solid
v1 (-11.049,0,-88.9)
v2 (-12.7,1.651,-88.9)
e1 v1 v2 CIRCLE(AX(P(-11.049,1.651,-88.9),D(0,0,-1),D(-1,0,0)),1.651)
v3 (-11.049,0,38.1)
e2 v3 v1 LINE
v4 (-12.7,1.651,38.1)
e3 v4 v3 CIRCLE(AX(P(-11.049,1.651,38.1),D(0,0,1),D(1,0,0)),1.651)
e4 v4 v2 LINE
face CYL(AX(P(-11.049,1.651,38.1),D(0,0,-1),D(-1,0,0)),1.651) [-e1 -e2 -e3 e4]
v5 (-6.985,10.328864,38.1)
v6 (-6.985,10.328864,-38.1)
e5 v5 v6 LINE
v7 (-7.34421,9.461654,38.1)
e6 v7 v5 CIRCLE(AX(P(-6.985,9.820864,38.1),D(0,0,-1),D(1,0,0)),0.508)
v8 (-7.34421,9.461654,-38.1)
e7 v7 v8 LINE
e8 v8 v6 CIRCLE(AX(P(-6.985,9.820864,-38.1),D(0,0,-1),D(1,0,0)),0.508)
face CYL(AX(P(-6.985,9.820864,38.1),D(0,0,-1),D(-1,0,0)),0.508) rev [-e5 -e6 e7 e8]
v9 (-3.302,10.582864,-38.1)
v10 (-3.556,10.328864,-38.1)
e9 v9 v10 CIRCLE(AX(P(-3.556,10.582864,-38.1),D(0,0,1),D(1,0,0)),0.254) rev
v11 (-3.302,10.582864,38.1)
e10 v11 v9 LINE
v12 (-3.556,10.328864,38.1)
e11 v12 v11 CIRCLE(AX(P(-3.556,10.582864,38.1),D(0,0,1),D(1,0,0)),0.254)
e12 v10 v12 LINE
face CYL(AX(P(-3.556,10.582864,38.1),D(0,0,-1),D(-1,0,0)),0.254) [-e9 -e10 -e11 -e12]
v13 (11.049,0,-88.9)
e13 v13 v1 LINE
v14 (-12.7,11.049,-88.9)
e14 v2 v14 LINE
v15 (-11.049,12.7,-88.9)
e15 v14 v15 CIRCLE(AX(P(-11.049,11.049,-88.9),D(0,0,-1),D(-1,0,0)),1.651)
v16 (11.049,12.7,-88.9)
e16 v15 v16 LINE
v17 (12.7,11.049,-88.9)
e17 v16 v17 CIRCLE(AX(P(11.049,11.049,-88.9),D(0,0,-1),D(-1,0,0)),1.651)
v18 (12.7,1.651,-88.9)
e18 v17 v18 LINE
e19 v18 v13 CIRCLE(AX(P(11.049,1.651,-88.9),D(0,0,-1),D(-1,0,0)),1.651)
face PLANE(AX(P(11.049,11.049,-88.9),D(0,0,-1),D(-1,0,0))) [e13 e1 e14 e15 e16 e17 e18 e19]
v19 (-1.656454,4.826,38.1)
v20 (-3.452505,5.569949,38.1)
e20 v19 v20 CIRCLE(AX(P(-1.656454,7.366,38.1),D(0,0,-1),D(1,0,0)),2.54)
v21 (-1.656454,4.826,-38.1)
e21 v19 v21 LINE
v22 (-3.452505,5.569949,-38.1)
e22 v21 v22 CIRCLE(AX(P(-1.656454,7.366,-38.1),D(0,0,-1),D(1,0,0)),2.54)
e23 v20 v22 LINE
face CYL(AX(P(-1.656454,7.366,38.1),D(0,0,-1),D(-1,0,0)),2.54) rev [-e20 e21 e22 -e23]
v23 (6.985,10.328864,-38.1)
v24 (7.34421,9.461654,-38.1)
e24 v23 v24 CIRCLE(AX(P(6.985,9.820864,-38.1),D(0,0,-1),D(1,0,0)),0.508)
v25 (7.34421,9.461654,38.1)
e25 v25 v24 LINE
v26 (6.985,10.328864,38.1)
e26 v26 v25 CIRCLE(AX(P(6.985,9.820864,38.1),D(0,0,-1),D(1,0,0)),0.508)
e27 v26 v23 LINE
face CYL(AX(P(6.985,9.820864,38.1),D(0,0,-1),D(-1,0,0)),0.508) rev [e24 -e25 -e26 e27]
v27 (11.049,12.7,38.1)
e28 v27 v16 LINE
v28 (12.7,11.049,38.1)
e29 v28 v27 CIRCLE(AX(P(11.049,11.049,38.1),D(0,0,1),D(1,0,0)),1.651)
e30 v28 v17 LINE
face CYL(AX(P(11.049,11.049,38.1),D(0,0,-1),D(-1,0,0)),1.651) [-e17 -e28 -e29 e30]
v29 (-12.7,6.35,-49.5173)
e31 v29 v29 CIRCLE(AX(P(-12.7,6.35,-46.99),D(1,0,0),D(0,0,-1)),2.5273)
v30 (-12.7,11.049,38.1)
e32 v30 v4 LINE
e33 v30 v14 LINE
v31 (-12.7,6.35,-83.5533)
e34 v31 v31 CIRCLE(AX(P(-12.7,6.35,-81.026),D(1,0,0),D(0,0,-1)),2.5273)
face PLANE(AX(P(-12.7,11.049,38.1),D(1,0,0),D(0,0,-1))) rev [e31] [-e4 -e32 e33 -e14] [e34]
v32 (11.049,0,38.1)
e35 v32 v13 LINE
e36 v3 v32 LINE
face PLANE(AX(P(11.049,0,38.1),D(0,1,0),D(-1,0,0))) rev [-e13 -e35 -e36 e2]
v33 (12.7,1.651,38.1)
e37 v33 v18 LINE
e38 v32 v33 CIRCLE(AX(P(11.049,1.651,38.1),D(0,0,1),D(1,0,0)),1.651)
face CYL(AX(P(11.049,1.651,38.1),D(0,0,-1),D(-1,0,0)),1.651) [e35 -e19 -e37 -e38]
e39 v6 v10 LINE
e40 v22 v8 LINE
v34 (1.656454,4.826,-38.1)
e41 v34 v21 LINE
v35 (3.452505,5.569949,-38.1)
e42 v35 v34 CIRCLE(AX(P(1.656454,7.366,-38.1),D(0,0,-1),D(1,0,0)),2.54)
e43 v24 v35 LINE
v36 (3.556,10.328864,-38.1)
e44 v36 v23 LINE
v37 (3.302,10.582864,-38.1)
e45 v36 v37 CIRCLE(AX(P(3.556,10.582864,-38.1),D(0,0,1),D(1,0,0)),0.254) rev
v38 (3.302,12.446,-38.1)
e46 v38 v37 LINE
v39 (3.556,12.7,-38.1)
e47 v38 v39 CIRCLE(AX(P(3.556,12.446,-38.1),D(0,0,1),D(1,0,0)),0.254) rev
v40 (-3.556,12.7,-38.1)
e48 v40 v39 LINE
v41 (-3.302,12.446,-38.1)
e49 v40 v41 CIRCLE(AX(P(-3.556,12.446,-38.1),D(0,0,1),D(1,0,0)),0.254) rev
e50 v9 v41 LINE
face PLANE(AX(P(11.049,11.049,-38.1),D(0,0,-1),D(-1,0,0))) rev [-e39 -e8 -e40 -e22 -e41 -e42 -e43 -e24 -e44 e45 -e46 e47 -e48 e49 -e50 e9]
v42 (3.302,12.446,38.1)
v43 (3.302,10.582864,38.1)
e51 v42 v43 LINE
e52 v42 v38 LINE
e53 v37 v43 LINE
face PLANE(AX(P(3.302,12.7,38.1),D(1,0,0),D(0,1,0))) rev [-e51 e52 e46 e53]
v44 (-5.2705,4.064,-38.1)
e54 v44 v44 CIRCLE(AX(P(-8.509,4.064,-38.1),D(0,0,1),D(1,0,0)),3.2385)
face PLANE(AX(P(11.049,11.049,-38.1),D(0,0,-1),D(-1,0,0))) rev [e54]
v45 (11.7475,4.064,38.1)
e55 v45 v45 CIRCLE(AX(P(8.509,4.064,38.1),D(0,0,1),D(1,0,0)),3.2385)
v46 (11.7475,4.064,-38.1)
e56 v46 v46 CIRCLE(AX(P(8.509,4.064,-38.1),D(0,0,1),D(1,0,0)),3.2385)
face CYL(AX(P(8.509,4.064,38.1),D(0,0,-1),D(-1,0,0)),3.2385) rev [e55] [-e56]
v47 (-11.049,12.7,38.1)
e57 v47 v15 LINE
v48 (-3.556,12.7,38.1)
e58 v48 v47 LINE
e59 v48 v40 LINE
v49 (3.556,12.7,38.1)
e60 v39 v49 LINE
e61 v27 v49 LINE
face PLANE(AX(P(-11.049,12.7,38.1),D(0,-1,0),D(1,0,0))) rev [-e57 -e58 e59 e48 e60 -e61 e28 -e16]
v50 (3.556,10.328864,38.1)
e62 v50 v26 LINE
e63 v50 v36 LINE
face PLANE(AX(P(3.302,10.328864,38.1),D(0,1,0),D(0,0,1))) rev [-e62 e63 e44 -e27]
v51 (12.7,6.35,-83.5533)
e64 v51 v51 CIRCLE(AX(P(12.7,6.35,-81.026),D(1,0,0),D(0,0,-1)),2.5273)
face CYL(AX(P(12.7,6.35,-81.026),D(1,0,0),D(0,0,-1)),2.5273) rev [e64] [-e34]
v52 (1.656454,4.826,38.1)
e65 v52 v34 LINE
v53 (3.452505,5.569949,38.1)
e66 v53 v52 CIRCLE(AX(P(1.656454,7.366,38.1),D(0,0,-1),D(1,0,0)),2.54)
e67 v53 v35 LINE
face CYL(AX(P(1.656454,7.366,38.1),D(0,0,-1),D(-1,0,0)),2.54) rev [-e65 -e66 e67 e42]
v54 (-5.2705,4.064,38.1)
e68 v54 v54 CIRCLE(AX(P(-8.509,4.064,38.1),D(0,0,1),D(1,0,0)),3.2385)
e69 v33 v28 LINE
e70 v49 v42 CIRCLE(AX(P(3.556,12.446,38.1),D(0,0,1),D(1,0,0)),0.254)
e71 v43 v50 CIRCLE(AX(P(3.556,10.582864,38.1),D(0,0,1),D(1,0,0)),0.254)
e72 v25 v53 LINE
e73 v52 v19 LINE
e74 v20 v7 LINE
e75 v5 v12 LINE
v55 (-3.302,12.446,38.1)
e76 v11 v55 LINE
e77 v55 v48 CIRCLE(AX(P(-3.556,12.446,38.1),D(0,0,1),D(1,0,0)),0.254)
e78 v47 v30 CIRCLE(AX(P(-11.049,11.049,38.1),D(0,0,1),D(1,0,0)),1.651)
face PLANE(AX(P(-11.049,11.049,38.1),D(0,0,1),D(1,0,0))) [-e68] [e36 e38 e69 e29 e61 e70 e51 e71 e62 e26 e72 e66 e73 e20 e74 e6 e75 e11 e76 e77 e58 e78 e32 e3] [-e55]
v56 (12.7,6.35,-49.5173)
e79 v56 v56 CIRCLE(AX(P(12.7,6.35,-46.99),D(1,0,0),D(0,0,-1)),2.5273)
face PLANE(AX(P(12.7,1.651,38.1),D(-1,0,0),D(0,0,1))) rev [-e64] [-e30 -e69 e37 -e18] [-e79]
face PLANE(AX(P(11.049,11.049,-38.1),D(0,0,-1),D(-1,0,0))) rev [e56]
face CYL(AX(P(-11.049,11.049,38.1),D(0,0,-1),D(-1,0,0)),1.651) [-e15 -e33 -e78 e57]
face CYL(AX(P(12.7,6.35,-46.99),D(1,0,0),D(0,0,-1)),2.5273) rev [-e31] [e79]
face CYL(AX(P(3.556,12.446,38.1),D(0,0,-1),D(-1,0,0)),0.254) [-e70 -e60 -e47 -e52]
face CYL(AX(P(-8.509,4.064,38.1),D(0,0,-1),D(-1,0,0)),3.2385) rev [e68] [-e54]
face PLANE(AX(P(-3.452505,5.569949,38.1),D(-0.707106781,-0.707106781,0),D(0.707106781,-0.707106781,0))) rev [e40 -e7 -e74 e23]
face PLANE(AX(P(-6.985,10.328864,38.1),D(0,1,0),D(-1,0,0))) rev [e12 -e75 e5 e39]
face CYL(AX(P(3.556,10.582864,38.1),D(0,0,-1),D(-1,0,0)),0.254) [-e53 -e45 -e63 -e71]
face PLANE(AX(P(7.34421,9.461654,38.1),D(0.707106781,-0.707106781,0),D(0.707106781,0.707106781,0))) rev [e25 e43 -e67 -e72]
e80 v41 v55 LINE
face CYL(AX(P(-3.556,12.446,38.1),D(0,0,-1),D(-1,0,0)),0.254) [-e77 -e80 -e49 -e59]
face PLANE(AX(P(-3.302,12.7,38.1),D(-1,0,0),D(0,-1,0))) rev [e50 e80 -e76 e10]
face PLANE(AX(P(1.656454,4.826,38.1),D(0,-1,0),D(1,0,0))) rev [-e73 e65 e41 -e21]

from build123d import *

# Parameters (mm, degrees)
SKETCH3_R                  = 3.2385
BOSS_EXTRUDE1_DEPTH        = 38.1
FILLET1_R                  = 0.254
BOSS_EXTRUDE2_DEPTH        = 50.8
F_8_0_199_DIAMETER_HOLE8_D = 5.0546
LPATTERN1_COUNT            = 2
LPATTERN1_PITCH            = 34.036


with BuildPart() as part:
    # Sketch3 → Boss-Extrude1 (new body, symmetric)
    with BuildSketch(Plane.XY):
        with BuildLine():
            Line((-11.049, 12.7), (-3.302, 12.7))
            Line((-3.302, 12.7), (-3.302, 10.328863887))
            Line((-3.302, 10.328863887), (-6.985, 10.328863887))
            ThreePointArc((-6.985, 10.328863887), (-7.454330803, 10.01526707), (-7.344210245, 9.461653642))
            Line((-7.344210245, 9.461653642), (-3.452505379, 5.569948776))
            ThreePointArc((-3.452505379, 5.569948776), (-2.628470073, 5.019345987), (-1.656454155, 4.826))
            Line((-1.656454155, 4.826), (1.656454155, 4.826))
            ThreePointArc((1.656454155, 4.826), (2.628470073, 5.019345987), (3.452505379, 5.569948776))
            Line((3.452505379, 5.569948776), (7.344210245, 9.461653642))
            ThreePointArc((7.344210245, 9.461653642), (7.454330803, 10.01526707), (6.985, 10.328863887))
            Line((6.985, 10.328863887), (3.302, 10.328863887))
            Line((3.302, 10.328863887), (3.302, 12.7))
            Line((3.302, 12.7), (11.049, 12.7))
            ThreePointArc((11.049, 12.7), (12.216433296, 12.216433296), (12.7, 11.049))
            Line((12.7, 11.049), (12.7, 1.651))
            ThreePointArc((12.7, 1.651), (12.216433296, 0.483566704), (11.049, 0))
            Line((11.049, 0), (-11.049, 0))
            ThreePointArc((-11.049, 0), (-12.216433296, 0.483566704), (-12.7, 1.651))
            Line((-12.7, 1.651), (-12.7, 11.049))
            ThreePointArc((-12.7, 11.049), (-12.216433296, 12.216433296), (-11.049, 12.7))
        make_face()
        with Locations((8.509, 4.064)):
            Circle(SKETCH3_R, mode=Mode.SUBTRACT)
        with Locations((-8.509, 4.064)):
            Circle(SKETCH3_R, mode=Mode.SUBTRACT)
    extrude(amount=BOSS_EXTRUDE1_DEPTH, both=True)

    # Fillet1
    fillet1_edges = [part.edges().sort_by_distance(p)[0] for p in [
        (-3.302, 12.7, 0),
        (-3.302, 10.328863887, 0),
        (3.302, 10.328863887, 0),
        (3.302, 12.7, 0),
    ]]
    fillet(fillet1_edges, radius=FILLET1_R)

    # Sketch4 → Boss-Extrude2 (add)
    with BuildSketch(Plane(origin=(0, 0, -38.1), x_dir=(-1, 0, 0), z_dir=(0, 0, -1))):
        with BuildLine():
            Line((3.556, 12.7), (-11.049, 12.7))
            ThreePointArc((-11.049, 12.7), (-12.216433296, 12.216433296), (-12.7, 11.049))
            Line((-12.7, 11.049), (-12.7, 1.651))
            ThreePointArc((-12.7, 1.651), (-12.216433296, 0.483566704), (-11.049, 0))
            Line((-11.049, 0), (11.049, 0))
            ThreePointArc((11.049, 0), (12.216433296, 0.483566704), (12.7, 1.651))
            Line((12.7, 1.651), (12.7, 11.049))
            ThreePointArc((12.7, 11.049), (12.216433296, 12.216433296), (11.049, 12.7))
            Line((11.049, 12.7), (3.556, 12.7))
        make_face()
    extrude(amount=BOSS_EXTRUDE2_DEPTH)

    # #8 (0.199) Diameter Hole8 (through all)
    with Locations(Plane(origin=(12.7, 0, 0), x_dir=(0, 0, -1), z_dir=(1, 0, 0))):
        with Locations((81.026, 6.35)):
            f_8_0_199_diameter_hole8 = Hole(F_8_0_199_DIAMETER_HOLE8_D / 2)

    # LPattern1: #8 (0.199) Diameter Hole8 ×2
    with Locations(*[(0, 0, i * LPATTERN1_PITCH) for i in range(1, LPATTERN1_COUNT)]):
        add(f_8_0_199_diameter_hole8, mode=Mode.SUBTRACT)


solid = part.part
